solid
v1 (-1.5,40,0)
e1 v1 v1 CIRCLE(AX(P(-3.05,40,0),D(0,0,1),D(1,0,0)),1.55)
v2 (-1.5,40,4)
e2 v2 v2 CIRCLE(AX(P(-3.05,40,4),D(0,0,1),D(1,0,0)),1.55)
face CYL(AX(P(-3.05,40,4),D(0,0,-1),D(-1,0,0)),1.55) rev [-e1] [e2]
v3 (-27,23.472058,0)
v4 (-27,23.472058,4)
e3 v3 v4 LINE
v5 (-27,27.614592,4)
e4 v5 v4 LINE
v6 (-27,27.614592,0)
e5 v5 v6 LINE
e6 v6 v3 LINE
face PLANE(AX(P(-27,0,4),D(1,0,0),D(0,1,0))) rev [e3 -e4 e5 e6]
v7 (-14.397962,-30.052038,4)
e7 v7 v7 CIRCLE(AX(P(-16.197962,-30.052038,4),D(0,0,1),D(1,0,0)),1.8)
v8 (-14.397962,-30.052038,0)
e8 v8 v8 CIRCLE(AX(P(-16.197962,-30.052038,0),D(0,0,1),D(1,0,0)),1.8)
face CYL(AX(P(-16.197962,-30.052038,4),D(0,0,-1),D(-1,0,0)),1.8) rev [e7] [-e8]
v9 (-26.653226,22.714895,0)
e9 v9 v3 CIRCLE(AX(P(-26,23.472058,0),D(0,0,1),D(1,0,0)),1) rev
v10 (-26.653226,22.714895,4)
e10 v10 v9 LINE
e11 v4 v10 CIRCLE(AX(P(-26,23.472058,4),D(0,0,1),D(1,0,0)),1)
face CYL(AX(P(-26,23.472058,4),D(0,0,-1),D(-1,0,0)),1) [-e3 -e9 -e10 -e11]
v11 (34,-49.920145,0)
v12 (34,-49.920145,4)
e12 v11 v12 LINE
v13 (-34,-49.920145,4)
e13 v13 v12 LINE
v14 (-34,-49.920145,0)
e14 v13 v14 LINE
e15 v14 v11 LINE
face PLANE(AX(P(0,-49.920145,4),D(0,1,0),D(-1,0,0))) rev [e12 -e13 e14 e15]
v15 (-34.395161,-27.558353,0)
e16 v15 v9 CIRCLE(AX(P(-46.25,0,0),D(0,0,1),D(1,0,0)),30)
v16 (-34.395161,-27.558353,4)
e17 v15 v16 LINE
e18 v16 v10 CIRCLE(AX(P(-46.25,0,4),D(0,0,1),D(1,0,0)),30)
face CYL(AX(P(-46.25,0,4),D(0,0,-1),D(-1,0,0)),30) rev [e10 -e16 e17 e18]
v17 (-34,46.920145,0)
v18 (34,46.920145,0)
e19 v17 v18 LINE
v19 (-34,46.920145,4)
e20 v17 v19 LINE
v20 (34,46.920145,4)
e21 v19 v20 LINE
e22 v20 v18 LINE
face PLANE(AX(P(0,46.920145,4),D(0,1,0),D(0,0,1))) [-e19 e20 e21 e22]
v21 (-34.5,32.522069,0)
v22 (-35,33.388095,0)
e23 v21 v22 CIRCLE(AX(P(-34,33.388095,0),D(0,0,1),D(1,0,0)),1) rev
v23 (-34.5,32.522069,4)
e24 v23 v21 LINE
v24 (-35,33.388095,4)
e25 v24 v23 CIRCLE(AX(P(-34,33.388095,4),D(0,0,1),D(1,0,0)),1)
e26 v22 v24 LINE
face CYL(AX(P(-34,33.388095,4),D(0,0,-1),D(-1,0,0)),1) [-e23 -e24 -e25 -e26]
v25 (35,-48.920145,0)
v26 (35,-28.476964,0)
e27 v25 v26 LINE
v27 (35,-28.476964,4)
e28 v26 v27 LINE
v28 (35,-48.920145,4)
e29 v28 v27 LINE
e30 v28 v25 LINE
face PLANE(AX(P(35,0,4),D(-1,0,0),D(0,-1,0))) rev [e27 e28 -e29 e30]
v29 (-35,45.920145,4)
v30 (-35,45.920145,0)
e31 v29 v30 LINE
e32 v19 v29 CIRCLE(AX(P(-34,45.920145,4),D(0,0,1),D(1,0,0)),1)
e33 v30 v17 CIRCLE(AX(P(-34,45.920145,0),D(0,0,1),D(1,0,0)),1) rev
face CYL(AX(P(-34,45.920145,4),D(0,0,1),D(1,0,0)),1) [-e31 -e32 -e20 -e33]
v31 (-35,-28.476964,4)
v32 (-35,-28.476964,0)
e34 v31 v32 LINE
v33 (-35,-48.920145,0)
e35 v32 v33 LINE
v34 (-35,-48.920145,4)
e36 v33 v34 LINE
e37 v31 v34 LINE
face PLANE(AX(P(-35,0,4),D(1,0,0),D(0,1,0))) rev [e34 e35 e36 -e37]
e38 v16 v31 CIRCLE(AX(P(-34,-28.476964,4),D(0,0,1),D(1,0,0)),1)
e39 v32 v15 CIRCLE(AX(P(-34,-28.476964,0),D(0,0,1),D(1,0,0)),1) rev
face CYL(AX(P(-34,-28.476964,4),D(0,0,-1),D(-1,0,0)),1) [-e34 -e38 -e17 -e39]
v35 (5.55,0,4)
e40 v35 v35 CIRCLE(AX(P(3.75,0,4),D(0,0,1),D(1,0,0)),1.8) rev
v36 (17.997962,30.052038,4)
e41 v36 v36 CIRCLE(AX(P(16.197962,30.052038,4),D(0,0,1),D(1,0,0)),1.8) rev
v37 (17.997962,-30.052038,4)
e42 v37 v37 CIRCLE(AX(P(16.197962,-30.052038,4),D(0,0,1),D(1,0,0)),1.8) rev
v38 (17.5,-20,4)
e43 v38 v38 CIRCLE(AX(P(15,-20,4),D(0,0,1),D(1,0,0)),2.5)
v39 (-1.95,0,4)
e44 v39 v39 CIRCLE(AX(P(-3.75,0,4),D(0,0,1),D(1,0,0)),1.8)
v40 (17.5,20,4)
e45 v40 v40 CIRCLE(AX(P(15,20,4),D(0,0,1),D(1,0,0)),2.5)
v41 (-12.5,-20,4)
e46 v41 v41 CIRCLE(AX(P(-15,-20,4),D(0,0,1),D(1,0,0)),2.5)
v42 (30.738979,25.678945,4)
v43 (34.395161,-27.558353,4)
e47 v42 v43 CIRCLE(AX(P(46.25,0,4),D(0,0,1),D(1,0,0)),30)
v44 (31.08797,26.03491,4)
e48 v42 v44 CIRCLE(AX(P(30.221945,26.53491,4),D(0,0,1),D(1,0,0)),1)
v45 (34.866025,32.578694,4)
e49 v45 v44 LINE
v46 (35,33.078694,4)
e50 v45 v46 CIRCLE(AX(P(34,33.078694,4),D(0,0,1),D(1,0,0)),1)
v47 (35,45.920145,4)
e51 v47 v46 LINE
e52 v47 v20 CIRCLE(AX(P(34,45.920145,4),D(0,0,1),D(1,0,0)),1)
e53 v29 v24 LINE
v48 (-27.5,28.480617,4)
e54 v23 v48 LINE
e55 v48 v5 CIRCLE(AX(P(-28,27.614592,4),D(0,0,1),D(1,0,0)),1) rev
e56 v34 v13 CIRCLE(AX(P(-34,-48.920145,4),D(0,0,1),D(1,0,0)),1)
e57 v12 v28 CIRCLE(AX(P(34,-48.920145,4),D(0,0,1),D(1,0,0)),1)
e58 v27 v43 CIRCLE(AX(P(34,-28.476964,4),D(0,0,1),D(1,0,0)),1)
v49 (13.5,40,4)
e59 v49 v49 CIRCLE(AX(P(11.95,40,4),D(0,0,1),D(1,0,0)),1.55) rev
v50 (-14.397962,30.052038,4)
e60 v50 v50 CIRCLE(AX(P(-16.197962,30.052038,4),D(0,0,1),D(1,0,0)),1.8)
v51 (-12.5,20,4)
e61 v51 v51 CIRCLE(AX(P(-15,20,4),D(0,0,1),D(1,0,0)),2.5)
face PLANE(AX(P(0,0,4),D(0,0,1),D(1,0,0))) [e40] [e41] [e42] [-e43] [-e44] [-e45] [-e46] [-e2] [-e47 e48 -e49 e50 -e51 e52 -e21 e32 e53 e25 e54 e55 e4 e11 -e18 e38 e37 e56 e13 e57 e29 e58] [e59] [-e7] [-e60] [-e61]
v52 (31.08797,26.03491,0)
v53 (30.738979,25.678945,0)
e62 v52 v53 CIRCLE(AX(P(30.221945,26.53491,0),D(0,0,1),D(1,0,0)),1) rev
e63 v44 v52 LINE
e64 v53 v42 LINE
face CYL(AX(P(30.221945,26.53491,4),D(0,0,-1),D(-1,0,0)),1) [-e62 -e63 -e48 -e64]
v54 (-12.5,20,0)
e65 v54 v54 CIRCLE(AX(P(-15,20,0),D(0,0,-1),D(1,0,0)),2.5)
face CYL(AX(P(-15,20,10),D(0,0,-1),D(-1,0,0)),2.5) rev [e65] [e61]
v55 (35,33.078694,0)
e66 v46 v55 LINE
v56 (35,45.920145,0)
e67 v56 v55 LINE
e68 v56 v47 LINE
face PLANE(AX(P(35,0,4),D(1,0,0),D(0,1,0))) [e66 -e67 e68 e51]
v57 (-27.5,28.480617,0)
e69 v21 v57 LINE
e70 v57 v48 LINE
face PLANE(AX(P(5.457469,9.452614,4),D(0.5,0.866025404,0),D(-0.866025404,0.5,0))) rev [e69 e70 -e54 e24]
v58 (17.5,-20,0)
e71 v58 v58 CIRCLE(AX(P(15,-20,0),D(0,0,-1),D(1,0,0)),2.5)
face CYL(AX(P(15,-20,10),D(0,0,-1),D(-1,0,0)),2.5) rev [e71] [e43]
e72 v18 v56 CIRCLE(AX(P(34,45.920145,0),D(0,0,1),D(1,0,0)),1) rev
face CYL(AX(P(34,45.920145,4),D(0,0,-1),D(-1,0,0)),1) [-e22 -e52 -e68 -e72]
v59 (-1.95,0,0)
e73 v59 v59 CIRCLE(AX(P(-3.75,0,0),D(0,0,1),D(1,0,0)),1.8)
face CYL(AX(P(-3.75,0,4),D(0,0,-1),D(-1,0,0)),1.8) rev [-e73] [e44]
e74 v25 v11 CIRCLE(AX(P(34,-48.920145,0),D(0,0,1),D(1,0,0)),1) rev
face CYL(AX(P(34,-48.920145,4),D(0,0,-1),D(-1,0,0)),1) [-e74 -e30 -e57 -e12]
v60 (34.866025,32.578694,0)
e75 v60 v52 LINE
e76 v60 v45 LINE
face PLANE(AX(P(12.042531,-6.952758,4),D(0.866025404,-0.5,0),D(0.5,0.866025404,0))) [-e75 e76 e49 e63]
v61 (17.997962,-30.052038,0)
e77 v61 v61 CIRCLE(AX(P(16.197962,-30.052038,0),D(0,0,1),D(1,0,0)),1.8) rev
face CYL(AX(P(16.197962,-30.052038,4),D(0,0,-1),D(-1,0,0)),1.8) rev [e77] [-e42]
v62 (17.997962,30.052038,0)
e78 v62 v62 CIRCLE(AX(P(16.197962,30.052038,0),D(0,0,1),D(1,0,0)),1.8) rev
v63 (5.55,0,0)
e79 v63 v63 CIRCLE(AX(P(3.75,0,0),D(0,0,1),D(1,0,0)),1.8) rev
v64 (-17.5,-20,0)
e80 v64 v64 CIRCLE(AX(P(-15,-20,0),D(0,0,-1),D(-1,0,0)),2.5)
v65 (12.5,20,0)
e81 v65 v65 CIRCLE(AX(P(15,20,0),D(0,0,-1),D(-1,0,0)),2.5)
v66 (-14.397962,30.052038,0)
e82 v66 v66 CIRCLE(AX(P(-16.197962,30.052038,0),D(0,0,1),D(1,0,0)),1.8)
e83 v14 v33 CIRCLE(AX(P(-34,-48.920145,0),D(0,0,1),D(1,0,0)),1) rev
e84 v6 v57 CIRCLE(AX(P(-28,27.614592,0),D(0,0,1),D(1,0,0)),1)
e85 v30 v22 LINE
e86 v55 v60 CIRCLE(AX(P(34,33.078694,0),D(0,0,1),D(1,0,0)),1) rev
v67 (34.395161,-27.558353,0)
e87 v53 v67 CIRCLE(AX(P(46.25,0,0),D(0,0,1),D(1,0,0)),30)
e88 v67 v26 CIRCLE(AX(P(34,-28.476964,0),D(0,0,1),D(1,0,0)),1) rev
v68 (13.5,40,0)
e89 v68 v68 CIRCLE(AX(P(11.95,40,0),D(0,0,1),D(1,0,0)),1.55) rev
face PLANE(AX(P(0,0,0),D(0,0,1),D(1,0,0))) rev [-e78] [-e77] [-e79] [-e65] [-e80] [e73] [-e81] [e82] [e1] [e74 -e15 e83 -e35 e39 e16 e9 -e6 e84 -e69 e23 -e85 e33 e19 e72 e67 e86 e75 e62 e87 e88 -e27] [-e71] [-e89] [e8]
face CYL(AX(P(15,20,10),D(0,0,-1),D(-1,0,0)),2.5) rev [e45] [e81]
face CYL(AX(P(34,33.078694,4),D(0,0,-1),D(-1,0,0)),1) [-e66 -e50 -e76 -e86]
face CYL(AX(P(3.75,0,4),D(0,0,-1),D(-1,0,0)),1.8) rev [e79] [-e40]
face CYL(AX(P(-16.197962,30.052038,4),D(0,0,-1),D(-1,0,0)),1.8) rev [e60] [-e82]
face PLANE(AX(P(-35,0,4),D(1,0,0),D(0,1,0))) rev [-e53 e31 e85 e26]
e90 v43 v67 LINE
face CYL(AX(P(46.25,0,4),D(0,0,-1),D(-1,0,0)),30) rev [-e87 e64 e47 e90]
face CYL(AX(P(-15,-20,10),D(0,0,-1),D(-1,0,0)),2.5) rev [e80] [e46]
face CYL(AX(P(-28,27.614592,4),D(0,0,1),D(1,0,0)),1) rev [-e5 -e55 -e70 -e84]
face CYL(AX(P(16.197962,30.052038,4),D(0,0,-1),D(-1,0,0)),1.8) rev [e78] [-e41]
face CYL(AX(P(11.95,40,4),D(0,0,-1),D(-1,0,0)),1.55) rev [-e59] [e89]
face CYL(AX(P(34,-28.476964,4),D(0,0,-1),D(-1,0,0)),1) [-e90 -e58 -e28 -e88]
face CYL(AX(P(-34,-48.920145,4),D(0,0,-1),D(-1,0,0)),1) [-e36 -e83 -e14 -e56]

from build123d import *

# Parameters (mm, degrees)
SKETCH_1_R          = 1.8
SKETCH_1_R_2        = 1.55
EXTRUDE_1_DEPTH     = 4
SKETCH_3_R          = 2.5
CUT_EXTRUDE_2_DEPTH = 10
FILLET_1_R          = 1


with BuildPart() as part:
    # 草图1 → 凸台-拉伸1 (new body)
    with BuildSketch(Plane.XY):
        with BuildLine():
            Line((35, 46.920144927), (-35, 46.920144927))
            Line((-35, 46.920144927), (-35, 32.810744327))
            Line((-35, 32.810744327), (-27, 28.191942173))
            Line((-27, 28.191942173), (-27, 23.009508904))
            ThreePointArc((-27, 23.009508904), (-16.614935725, -4.665079356), (-35, -27.810744327))
            Line((-35, -27.810744327), (-35, -46.920144927))
            Line((-35, -46.920144927), (-35, -49.920144927))
            Line((-35, -49.920144927), (35, -49.920144927))
            Line((35, -49.920144927), (35, -46.920144927))
            Line((35, -46.920144927), (35, -27.810744327))
            ThreePointArc((35, -27.810744327), (16.334866743, -2.254950607), (30.958156738, 25.81006644))
            Line((30.958156738, 25.81006644), (35, 32.810744327))
            Line((35, 32.810744327), (35, 46.920144927))
        make_face()
        with Locations((-16.1979618, -30.0520382)):
            Circle(SKETCH_1_R, mode=Mode.SUBTRACT)
        with Locations((16.1979618, -30.0520382)):
            Circle(SKETCH_1_R, mode=Mode.SUBTRACT)
        with Locations((-3.75, 0)):
            Circle(SKETCH_1_R, mode=Mode.SUBTRACT)
        with Locations((-16.1979618, 30.0520382)):
            Circle(SKETCH_1_R, mode=Mode.SUBTRACT)
        with Locations((-3.05, 40)):
            Circle(SKETCH_1_R_2, mode=Mode.SUBTRACT)
        with Locations((3.75, 0)):
            Circle(SKETCH_1_R, mode=Mode.SUBTRACT)
        with Locations((16.1979618, 30.0520382)):
            Circle(SKETCH_1_R, mode=Mode.SUBTRACT)
        with Locations((11.95, 40)):
            Circle(SKETCH_1_R_2, mode=Mode.SUBTRACT)
    extrude(amount=EXTRUDE_1_DEPTH)

    # 草图3 → 切除-拉伸2 (cut)
    with BuildSketch(Plane(origin=(0, 0, 0), x_dir=(-1, 0, 0), z_dir=(0, 0, -1))):
        with Locations((-15, 20)):
            Circle(SKETCH_3_R)
        with Locations((15, 20)):
            Circle(SKETCH_3_R)
        with Locations((15, -20)):
            Circle(SKETCH_3_R)
        with Locations((-15, -20)):
            Circle(SKETCH_3_R)
    extrude(amount=-CUT_EXTRUDE_2_DEPTH, mode=Mode.SUBTRACT)

    # 圆角1
    fillet_1_edges = [part.edges().sort_by_distance(p)[0] for p in [
        (35, -27.810744327, 2),
        (35, -49.920144927, 2),
        (-35, -49.920144927, 2),
        (-35, -27.810744327, 2),
        (-27, 23.009508904, 2),
        (-27, 28.191942173, 2),
        (-35, 32.810744327, 2),
        (-35, 46.920144927, 2),
        (35, 46.920144927, 2),
        (35, 32.810744327, 2),
        (30.958156738, 25.81006644, 2),
    ]]
    fillet(fillet_1_edges, radius=FILLET_1_R)


solid = part.part
